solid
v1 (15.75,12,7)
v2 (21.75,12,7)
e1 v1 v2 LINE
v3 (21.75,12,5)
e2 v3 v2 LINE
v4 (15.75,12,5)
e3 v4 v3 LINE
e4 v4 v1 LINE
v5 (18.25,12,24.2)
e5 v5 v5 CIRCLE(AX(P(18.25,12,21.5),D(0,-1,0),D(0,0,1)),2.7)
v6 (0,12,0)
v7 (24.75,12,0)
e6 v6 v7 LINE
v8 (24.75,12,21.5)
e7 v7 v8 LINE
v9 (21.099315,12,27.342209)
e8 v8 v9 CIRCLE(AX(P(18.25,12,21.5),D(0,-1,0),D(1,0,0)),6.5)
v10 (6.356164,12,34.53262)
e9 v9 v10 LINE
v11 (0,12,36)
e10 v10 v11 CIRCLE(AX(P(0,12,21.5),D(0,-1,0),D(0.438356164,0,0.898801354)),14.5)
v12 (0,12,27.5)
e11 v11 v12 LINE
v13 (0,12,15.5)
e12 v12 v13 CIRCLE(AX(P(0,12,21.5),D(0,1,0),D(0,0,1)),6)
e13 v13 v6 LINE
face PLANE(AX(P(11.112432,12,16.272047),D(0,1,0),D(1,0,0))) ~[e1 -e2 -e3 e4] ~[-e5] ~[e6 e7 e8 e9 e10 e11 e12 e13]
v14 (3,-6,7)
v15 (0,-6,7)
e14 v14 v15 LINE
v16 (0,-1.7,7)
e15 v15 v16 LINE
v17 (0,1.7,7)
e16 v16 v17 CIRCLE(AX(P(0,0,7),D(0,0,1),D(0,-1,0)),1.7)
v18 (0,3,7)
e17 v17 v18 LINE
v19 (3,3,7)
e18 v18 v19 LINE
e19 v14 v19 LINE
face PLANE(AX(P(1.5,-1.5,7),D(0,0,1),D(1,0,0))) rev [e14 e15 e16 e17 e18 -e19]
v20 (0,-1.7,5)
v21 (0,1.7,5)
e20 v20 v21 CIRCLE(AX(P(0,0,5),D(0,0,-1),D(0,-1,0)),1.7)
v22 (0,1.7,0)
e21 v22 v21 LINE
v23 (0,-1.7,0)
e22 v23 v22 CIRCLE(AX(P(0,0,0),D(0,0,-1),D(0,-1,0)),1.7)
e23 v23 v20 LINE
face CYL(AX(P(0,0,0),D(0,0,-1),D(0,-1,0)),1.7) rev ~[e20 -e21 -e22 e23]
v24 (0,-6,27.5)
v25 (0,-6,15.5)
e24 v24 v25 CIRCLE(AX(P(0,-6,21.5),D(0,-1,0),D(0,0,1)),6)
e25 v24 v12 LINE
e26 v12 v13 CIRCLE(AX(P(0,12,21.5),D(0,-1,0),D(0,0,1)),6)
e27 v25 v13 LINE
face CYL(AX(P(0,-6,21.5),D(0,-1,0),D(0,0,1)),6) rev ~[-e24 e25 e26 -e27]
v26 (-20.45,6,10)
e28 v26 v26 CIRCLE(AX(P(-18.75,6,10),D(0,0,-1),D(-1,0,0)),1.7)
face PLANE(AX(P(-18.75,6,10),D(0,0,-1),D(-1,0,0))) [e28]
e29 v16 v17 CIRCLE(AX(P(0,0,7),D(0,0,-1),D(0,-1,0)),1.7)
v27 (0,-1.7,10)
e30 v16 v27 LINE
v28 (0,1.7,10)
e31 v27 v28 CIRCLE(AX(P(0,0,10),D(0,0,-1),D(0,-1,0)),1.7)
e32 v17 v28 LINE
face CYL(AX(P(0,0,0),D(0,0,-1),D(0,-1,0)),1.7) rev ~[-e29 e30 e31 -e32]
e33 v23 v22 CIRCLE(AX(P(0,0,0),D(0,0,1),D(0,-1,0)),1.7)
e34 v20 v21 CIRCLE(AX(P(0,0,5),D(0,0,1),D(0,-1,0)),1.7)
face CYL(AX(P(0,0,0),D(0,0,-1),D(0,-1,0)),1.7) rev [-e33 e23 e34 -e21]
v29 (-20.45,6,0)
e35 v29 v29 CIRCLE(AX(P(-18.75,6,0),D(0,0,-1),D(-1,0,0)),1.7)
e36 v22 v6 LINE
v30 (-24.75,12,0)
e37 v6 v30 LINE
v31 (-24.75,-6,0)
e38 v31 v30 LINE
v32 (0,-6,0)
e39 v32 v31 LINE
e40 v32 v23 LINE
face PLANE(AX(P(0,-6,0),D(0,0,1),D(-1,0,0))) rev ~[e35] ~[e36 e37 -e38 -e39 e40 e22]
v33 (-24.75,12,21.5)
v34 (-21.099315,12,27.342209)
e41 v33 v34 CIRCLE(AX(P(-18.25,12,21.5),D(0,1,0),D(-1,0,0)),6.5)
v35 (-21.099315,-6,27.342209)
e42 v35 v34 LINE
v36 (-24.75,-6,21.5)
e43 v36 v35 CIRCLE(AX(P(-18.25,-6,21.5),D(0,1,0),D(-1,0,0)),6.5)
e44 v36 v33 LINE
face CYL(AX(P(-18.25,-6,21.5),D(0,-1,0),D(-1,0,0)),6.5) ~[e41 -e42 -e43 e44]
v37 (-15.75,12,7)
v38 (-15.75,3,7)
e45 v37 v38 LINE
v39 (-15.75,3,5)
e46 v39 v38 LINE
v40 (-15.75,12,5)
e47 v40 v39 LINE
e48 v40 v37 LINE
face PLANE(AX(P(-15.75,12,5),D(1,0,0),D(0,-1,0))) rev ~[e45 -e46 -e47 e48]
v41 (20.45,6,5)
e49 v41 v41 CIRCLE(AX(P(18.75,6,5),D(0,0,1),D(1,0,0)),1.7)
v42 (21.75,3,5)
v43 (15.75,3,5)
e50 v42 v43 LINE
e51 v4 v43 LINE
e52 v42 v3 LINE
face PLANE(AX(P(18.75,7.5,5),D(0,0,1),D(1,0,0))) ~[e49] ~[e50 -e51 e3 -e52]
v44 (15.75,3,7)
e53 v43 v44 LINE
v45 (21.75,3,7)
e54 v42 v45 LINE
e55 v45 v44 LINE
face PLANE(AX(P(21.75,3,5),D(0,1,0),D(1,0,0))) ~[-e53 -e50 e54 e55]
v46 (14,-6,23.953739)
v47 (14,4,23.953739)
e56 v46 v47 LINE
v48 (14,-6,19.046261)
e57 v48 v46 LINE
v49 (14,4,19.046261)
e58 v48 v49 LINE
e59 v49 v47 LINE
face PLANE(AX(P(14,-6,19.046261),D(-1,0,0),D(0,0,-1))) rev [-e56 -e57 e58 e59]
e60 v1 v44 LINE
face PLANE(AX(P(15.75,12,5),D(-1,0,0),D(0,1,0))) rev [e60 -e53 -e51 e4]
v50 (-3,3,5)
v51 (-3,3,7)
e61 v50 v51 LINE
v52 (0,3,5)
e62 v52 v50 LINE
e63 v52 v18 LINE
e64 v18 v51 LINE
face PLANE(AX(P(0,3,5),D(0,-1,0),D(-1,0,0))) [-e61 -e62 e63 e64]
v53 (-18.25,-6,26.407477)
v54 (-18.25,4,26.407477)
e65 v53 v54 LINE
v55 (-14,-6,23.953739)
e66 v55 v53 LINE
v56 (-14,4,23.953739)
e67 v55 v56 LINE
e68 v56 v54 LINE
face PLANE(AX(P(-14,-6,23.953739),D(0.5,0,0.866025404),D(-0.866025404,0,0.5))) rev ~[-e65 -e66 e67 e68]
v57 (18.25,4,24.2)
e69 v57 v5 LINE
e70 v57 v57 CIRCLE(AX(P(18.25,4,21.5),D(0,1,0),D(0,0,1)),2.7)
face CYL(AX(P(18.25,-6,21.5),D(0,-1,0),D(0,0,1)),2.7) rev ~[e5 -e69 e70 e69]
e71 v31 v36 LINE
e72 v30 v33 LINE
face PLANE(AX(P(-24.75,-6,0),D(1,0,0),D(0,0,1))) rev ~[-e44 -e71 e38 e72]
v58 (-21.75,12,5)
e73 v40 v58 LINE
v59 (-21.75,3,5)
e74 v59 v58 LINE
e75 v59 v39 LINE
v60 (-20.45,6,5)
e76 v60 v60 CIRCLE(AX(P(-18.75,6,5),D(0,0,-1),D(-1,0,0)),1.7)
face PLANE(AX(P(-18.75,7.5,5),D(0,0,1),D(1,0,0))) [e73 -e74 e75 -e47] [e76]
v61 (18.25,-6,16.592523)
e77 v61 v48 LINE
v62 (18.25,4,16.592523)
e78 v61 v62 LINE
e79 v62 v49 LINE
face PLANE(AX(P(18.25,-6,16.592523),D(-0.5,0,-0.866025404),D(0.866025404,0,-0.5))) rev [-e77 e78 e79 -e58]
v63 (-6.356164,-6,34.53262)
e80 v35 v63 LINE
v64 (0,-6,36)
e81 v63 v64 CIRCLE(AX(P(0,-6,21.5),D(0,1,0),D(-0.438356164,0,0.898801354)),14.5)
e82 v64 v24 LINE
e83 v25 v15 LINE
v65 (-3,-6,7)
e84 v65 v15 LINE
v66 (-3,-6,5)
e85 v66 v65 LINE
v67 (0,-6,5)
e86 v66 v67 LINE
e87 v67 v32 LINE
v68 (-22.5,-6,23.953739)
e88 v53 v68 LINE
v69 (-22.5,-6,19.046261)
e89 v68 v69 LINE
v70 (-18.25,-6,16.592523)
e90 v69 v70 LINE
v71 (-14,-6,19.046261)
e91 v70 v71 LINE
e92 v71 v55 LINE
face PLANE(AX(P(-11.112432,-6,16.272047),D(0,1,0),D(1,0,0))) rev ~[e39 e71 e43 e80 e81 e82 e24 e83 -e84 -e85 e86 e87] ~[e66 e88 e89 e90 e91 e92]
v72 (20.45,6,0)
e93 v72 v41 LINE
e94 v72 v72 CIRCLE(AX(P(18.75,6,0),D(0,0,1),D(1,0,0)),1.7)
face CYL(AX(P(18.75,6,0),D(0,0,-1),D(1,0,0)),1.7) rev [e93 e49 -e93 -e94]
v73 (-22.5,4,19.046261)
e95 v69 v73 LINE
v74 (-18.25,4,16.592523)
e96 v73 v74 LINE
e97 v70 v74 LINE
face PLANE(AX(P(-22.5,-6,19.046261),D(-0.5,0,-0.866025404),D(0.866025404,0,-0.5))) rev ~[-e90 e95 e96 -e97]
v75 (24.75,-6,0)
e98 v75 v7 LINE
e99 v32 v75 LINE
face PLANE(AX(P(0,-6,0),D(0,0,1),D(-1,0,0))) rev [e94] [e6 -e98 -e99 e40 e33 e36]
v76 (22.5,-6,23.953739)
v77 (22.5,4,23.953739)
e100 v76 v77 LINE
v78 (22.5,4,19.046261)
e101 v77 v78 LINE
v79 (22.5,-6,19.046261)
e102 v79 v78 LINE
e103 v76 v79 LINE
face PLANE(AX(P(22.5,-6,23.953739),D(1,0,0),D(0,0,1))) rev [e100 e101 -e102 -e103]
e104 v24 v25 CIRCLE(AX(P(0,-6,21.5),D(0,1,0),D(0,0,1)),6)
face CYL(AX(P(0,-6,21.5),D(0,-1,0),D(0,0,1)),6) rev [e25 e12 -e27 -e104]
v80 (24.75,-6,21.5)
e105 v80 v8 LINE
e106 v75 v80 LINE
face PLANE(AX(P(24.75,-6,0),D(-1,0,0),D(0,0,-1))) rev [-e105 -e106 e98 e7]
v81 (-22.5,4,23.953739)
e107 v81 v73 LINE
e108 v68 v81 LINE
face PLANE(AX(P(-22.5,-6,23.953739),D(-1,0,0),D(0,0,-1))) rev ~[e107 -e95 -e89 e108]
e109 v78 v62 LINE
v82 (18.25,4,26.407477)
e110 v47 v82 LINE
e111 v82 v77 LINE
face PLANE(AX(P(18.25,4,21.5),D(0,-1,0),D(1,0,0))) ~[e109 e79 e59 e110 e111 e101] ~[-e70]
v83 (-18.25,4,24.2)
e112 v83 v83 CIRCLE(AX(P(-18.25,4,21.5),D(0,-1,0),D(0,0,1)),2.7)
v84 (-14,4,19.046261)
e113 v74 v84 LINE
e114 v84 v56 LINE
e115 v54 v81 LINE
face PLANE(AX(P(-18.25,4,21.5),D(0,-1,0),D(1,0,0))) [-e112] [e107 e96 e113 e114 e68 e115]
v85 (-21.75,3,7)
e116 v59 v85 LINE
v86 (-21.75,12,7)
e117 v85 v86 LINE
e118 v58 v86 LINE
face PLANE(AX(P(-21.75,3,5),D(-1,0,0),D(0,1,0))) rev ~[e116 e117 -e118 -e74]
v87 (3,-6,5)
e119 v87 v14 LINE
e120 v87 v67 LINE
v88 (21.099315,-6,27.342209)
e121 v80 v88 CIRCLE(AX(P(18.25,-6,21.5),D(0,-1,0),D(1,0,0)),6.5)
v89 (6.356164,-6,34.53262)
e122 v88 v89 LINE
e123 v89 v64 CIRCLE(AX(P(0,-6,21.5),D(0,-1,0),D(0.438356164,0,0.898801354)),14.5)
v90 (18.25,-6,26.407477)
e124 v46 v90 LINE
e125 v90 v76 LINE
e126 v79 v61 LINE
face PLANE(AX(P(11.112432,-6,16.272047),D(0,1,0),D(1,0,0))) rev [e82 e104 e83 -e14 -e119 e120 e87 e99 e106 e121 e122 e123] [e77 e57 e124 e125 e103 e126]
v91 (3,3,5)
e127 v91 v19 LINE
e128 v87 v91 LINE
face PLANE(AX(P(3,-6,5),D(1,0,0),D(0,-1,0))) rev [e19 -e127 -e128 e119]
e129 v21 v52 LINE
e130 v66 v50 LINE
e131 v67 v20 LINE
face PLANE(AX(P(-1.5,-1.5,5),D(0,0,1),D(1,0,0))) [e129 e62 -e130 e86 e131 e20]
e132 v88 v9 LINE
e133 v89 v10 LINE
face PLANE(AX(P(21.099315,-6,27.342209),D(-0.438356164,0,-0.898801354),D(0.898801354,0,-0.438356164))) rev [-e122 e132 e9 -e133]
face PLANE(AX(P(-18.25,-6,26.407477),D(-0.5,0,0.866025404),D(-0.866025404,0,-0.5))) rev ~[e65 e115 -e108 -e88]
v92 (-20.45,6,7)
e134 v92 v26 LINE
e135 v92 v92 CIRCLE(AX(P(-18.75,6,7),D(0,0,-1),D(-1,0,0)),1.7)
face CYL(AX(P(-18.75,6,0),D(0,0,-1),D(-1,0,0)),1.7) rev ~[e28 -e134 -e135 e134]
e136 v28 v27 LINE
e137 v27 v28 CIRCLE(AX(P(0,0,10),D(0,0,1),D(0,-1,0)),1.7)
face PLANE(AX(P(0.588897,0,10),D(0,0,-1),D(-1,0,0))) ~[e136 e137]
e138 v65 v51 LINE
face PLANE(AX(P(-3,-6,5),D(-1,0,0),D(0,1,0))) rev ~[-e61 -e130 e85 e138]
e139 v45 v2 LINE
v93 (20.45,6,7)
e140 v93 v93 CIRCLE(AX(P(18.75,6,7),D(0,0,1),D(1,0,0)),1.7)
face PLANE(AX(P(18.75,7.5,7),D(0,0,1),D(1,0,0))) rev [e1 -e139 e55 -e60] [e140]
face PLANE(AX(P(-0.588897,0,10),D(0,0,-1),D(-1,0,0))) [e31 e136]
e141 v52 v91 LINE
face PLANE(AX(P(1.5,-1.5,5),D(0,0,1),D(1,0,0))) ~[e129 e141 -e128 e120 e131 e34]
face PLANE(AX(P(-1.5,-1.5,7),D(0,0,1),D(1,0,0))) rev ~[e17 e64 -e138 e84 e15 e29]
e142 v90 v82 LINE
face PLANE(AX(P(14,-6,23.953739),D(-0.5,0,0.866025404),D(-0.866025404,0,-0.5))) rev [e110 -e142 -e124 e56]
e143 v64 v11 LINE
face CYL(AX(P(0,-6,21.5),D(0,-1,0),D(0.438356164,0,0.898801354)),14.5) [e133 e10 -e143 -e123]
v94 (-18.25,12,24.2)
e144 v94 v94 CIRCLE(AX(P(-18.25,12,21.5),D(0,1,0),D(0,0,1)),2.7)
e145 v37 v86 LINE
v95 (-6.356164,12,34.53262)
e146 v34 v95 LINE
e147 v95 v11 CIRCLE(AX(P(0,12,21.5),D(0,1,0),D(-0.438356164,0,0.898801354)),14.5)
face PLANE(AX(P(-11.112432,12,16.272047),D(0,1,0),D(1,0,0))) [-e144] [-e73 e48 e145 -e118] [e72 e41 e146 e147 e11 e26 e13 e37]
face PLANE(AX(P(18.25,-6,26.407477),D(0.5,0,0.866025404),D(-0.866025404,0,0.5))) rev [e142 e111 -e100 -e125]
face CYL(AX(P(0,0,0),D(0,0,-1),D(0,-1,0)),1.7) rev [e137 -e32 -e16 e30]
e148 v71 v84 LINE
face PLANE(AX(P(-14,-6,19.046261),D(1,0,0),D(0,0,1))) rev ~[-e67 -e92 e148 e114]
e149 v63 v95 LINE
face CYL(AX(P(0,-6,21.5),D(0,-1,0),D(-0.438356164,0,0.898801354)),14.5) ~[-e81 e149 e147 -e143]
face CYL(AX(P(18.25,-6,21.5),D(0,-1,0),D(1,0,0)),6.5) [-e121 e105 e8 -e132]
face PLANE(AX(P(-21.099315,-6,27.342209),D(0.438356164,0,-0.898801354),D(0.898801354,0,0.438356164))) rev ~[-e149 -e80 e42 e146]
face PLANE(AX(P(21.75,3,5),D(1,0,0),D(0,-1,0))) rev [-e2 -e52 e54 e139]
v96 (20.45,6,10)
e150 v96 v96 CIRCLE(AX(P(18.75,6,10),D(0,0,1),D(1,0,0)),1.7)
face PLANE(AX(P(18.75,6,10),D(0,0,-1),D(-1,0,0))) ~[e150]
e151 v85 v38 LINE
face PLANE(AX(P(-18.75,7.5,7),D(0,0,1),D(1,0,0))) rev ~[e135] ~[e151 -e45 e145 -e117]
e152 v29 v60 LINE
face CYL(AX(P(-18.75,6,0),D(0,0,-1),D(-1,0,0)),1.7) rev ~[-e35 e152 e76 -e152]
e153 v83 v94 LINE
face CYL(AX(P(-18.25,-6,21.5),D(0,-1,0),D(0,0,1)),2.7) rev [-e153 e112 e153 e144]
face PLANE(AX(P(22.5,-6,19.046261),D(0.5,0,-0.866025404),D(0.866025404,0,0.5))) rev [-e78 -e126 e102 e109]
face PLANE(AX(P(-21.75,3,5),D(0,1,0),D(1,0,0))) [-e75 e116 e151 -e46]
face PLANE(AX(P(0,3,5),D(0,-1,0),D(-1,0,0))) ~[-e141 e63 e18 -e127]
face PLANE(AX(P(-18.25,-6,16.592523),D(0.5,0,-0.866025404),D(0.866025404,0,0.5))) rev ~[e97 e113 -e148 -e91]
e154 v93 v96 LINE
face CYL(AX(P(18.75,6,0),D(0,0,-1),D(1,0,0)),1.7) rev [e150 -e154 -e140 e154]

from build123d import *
from build123d.topology import SkipClean

# Parameters (mm, degrees)
BOSS_EXTRUDE1_DEPTH      = 12
BOSS_EXTRUDE1_DEPTH_BACK = 6
SKETCH1_R                = 2.7
SKETCH3_R                = 1.7
CUT_EXTRUDE1_DEPTH       = 10
CUT_EXTRUDE2_START       = -5
CUT_EXTRUDE2_DEPTH       = 2
CUT_EXTRUDE3_DEPTH       = 10


with BuildPart() as part:
    # Sketch1 → Boss-Extrude1 (new, two sides: drawn at the far end of the back side and taken through both)
    with BuildSketch(Plane(origin=(0, 0, 0), x_dir=(1, 0, 0), z_dir=(0, 1, 0)).offset(-BOSS_EXTRUDE1_DEPTH_BACK)):
        with BuildLine():
            Line((-24.75, 0), (-24.75, -21.5))
            ThreePointArc((-24.75, -21.5), (-23.762283916, -24.944521161), (-21.099315068, -27.342208798))
            Line((-21.099315068, -27.342208798), (-6.356164384, -34.532619627))
            ThreePointArc((-6.356164384, -34.532619627), (-3.261672532, -35.628393125), (0, -36))
            Line((0, -36), (0, -27.5))
            ThreePointArc((0, -27.5), (-6, -21.5), (0, -15.5))
            Line((0, -15.5), (0, 0))
            Line((0, 0), (-24.75, 0))
        make_face()
        with Locations(Location((-18.25, -21.5, 0), (0, 0, 270))):
            Circle(SKETCH1_R, mode=Mode.SUBTRACT)
    extrude(amount=BOSS_EXTRUDE1_DEPTH + BOSS_EXTRUDE1_DEPTH_BACK)

    # Sketch3 → Cut-Extrude1 (cut)
    with BuildSketch(Plane(origin=(0, 0, 0), x_dir=(-1, 0, 0), z_dir=(0, 0, -1))):
        with Locations((18.75, 6)):
            Circle(SKETCH3_R)
        with BuildLine():
            Line((0, 1.7), (0, -1.7))
            ThreePointArc((0, -1.7), (1.7, 0), (0, 1.7))
        make_face()
    extrude(amount=-CUT_EXTRUDE1_DEPTH, mode=Mode.SUBTRACT)

    # Sketch4 → Cut-Extrude2 (cut)
    with BuildSketch(Plane(origin=(0, 0, 0), x_dir=(-1, 0, 0), z_dir=(0, 0, -1)).offset(CUT_EXTRUDE2_START)):
        Polygon((15.75, 9), (15.75, 12), (21.75, 12), (21.75, 9), (21.75, 3), (15.75, 3), align=None)
        Polygon((0, 3), (3, 3), (3, 0), (3, -6), (0, -6), align=None)
    extrude(amount=-CUT_EXTRUDE2_DEPTH, mode=Mode.SUBTRACT)

    # Sketch6 → Cut-Extrude3 (cut)
    with BuildSketch(Plane.XZ.offset(6)):
        Polygon((-14, 23.953738644), (-18.25, 26.407477288), (-22.5, 23.953738644), (-22.5, 19.046261356), (-18.25, 16.592522712), (-14, 19.046261356), align=None)
    extrude(amount=-CUT_EXTRUDE3_DEPTH, mode=Mode.SUBTRACT)

    # Mirror1: part across plane


with BuildPart() as part_1:
    with SkipClean():  # the faces are left unmerged after this step: merging them gives an invalid solid
        add(part.part)
        add(part.part.mirror(Plane(origin=(0, -6, 0), x_dir=(0, 0, 1), z_dir=(1, 0, 0))))


solid = part_1.part
